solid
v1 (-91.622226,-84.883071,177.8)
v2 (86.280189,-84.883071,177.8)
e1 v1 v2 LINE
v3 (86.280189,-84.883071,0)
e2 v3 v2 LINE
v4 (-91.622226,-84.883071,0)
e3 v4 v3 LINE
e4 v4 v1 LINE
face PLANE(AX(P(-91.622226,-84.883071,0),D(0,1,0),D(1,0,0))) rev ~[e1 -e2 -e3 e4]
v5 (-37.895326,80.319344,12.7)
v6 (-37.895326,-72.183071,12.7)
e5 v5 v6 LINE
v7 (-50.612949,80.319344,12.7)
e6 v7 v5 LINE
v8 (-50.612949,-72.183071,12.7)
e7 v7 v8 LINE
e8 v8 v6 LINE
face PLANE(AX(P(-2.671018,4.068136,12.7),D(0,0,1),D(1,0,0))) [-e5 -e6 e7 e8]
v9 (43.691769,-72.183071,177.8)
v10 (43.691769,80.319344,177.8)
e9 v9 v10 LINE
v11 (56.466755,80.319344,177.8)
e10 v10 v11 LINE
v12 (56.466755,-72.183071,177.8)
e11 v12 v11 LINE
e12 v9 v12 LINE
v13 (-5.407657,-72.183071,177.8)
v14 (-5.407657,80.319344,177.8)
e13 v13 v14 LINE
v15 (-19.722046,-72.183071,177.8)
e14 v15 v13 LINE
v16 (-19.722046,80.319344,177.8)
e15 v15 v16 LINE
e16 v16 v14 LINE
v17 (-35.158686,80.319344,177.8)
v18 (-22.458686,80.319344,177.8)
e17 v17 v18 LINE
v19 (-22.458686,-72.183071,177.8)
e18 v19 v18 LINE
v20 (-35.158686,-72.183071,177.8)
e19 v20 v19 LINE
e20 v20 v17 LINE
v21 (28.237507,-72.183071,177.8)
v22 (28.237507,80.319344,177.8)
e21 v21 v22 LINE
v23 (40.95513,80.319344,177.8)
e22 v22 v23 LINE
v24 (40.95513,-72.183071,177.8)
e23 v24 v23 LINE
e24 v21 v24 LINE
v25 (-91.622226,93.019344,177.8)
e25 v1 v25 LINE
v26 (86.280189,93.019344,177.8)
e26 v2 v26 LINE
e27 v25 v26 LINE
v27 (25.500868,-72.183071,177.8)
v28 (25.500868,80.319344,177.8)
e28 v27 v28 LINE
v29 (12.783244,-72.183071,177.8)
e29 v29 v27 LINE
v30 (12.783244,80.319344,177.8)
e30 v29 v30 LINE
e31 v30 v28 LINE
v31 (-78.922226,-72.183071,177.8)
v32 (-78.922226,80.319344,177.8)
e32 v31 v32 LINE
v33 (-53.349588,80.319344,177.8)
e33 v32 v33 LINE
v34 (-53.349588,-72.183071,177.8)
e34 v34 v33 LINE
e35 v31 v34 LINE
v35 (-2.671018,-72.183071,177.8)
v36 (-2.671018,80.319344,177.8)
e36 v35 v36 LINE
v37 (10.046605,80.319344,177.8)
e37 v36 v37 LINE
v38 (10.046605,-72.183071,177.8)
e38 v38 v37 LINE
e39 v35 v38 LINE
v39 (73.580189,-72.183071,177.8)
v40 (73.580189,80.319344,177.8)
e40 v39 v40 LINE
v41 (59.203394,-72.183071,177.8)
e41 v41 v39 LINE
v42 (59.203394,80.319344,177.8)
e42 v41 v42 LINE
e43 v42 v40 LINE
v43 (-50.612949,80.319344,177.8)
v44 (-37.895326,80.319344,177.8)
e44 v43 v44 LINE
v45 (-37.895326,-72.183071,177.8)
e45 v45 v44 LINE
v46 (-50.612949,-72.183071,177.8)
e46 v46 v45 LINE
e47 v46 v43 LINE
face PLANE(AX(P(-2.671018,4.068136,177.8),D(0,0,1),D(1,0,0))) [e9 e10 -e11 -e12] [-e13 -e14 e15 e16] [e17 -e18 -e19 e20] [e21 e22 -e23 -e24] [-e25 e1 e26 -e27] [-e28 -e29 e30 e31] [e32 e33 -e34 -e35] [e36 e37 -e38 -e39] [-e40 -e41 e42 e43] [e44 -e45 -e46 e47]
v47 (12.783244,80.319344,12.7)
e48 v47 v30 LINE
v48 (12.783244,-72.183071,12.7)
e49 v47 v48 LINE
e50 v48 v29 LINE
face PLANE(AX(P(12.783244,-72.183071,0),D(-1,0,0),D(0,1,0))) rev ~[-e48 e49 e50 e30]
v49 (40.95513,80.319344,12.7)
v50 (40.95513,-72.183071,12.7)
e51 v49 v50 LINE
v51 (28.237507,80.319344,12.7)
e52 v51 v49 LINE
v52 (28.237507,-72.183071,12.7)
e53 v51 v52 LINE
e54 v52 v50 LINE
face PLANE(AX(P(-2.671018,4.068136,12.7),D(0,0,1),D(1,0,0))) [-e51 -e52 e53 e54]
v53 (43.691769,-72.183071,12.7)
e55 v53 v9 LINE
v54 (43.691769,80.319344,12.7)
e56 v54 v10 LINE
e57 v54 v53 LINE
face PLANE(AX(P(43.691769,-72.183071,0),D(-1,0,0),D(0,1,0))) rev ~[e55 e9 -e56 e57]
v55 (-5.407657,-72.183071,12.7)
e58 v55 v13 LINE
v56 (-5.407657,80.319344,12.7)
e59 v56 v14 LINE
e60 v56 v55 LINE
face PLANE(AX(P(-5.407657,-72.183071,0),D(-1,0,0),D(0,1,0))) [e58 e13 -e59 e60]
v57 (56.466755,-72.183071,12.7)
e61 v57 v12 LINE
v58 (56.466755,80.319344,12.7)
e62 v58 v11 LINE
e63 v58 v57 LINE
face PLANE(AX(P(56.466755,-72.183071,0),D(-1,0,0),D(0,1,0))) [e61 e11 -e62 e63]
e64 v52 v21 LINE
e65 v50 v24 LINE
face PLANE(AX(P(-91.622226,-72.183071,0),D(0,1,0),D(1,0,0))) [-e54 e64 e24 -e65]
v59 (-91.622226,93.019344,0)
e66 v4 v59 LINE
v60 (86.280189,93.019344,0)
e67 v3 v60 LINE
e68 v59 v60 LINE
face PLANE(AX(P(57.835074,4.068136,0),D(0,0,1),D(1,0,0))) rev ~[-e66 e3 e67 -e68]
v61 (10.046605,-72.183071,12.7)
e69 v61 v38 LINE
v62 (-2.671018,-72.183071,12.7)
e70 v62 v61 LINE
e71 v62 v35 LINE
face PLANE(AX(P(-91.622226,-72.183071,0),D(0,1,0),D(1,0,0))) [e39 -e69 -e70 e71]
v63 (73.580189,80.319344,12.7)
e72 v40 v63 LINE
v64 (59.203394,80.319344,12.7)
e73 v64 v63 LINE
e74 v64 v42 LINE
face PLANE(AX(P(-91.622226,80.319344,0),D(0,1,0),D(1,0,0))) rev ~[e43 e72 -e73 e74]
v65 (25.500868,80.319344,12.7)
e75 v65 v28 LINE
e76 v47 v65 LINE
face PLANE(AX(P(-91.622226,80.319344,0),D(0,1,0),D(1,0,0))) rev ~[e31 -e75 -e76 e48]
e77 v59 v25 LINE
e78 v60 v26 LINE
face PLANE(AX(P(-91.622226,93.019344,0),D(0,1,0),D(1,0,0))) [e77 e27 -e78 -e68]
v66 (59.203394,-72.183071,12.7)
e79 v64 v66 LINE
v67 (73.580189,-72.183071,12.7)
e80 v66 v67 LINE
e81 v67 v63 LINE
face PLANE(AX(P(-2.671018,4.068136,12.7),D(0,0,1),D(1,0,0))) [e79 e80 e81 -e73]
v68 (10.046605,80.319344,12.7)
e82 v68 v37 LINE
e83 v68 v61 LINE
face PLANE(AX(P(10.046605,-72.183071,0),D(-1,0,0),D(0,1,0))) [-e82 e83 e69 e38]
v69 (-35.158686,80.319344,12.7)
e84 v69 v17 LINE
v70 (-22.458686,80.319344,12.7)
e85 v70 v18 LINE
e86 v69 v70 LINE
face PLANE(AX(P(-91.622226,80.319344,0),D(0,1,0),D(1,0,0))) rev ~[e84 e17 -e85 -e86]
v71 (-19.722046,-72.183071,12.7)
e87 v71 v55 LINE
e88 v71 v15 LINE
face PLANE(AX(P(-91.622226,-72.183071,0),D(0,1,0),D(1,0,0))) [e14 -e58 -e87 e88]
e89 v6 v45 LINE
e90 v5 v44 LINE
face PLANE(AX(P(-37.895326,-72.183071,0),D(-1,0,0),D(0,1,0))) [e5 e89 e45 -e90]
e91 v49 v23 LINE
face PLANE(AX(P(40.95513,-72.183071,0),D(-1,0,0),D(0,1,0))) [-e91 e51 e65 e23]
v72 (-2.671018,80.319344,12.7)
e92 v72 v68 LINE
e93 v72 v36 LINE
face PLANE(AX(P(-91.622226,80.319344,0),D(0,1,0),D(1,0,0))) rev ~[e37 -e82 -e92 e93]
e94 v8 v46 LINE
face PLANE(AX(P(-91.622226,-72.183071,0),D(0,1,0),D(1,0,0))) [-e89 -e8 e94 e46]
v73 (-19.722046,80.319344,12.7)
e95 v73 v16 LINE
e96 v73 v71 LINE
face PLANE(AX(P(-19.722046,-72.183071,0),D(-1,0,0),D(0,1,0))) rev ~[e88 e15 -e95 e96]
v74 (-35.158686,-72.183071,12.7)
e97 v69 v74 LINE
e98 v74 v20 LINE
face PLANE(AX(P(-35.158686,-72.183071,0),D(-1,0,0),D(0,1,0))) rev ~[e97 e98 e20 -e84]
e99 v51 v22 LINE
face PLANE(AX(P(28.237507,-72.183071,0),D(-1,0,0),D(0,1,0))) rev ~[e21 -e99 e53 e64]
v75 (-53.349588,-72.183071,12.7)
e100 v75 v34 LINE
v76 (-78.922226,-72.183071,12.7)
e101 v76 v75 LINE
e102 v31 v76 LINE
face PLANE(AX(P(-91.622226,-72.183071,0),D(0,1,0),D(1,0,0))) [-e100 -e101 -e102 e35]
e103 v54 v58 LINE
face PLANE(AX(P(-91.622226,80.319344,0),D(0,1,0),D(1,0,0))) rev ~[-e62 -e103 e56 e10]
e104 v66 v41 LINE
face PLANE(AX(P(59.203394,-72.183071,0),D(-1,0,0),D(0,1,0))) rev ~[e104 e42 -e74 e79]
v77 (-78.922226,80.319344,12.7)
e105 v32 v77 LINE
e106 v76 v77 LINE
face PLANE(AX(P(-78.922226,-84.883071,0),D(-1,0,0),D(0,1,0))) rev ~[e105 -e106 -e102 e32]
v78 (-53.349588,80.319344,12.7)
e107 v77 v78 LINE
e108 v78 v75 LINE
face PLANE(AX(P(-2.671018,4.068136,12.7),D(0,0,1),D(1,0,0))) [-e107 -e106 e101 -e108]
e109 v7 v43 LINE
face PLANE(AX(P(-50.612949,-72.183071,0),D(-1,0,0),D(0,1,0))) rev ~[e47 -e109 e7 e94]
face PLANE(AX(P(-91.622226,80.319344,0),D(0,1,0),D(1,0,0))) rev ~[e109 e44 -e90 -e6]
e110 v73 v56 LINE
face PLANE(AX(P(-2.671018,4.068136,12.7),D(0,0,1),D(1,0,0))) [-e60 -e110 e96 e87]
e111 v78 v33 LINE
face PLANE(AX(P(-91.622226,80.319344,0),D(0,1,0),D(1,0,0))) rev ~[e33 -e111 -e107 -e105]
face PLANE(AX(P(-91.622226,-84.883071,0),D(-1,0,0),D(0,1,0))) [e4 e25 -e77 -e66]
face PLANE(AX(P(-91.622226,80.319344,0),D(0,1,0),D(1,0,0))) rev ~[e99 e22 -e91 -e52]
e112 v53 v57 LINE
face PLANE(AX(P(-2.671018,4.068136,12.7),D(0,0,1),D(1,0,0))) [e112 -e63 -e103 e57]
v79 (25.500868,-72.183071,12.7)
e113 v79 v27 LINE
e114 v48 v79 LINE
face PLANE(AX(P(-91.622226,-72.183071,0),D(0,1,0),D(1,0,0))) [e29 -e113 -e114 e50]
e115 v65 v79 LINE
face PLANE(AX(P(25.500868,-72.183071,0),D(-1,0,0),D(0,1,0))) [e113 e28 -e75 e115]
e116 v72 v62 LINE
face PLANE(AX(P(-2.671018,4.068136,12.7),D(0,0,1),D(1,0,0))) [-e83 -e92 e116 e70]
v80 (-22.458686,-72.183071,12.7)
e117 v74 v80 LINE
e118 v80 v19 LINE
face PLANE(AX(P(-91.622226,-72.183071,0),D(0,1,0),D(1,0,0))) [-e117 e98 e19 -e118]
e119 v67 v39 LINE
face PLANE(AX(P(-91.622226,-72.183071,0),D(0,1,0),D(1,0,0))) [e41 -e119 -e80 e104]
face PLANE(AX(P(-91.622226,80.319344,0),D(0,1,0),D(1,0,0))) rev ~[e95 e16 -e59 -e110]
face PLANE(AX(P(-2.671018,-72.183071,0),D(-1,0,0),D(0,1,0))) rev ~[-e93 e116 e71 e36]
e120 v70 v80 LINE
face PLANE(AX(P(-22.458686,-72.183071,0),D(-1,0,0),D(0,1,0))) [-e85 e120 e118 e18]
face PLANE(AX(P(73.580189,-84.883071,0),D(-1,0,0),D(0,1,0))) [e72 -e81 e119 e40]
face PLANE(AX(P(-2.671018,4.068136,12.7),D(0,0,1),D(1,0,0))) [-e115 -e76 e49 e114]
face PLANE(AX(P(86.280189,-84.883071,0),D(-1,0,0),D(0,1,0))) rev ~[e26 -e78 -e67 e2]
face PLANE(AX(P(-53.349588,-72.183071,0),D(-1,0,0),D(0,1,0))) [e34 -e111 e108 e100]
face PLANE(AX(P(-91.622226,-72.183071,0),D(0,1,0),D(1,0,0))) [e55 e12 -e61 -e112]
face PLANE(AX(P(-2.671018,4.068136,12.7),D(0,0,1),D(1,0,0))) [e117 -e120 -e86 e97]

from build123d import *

# Parameters (mm, degrees)
F0_W      = 177.9024153948
F0_H      = 177.9024153948
F1_DEPTH  = 177.8
F2_T      = -12.7
F3_W      = 2.7366392314
F3_H      = 152.5024153948
F4_DEPTH  = 177.8
F5_DEPTH  = 177.8
F6_DEPTH  = 177.8
F7_DEPTH  = 177.8
F8_DEPTH  = 177.8
F9_DEPTH  = 177.8
F10_DEPTH = 177.8


with BuildPart() as f1:
    # F0 (on Top) → F1 (new body)
    with BuildSketch(Plane.XY):
        with Locations((-2.6710182428, 4.0681362152)):
            Rectangle(F0_W, F0_H)
    extrude(amount=F1_DEPTH)

    # F2
    f2_openings = [f1.faces().sort_by_distance(p)[0] for p in [
        (-2.671018, 4.068136, 177.8),
    ]]
    offset(amount=F2_T, openings=f2_openings)

    # F3 (on Top) → F4 (join)
    with BuildSketch(Plane.XY):
        with Locations((-51.9812684506, 4.0681362152)):
            Rectangle(F3_W, F3_H)
    extrude(amount=F4_DEPTH)

    # F3 (on Top) → F5 (join)
    with BuildSketch(Plane.XY):
        with Locations((-36.5270059556, 4.0681362152)):
            Rectangle(F3_W, F3_H)
        with Locations((-21.0903659463, 4.0681362152)):
            Rectangle(F3_W, F3_H)
    extrude(amount=F5_DEPTH)

    # F3 (on Top) → F6 (join)
    with BuildSketch(Plane.XY):
        with Locations((-4.0393378586, 4.0681362152)):
            Rectangle(F3_W, F3_H)
    extrude(amount=F6_DEPTH)

    # F3 (on Top) → F7 (join)
    with BuildSketch(Plane.XY):
        with Locations((11.4149246365, 4.0681362152)):
            Rectangle(F3_W, F3_H)
    extrude(amount=F7_DEPTH)

    # F3 (on Top) → F8 (join)
    with BuildSketch(Plane.XY):
        with Locations((26.8691871315, 4.0681362152)):
            Rectangle(F3_W, F3_H)
    extrude(amount=F8_DEPTH)

    # F3 (on Top) → F9 (join)
    with BuildSketch(Plane.XY):
        with Locations((42.3234496266, 4.0681362152)):
            Rectangle(F3_W, F3_H)
    extrude(amount=F9_DEPTH)

    # F3 (on Top) → F10 (join)
    with BuildSketch(Plane.XY):
        with Locations((57.8350741416, 4.0681362152)):
            Rectangle(F3_W, F3_H)
    extrude(amount=F10_DEPTH)


solid = f1.part
